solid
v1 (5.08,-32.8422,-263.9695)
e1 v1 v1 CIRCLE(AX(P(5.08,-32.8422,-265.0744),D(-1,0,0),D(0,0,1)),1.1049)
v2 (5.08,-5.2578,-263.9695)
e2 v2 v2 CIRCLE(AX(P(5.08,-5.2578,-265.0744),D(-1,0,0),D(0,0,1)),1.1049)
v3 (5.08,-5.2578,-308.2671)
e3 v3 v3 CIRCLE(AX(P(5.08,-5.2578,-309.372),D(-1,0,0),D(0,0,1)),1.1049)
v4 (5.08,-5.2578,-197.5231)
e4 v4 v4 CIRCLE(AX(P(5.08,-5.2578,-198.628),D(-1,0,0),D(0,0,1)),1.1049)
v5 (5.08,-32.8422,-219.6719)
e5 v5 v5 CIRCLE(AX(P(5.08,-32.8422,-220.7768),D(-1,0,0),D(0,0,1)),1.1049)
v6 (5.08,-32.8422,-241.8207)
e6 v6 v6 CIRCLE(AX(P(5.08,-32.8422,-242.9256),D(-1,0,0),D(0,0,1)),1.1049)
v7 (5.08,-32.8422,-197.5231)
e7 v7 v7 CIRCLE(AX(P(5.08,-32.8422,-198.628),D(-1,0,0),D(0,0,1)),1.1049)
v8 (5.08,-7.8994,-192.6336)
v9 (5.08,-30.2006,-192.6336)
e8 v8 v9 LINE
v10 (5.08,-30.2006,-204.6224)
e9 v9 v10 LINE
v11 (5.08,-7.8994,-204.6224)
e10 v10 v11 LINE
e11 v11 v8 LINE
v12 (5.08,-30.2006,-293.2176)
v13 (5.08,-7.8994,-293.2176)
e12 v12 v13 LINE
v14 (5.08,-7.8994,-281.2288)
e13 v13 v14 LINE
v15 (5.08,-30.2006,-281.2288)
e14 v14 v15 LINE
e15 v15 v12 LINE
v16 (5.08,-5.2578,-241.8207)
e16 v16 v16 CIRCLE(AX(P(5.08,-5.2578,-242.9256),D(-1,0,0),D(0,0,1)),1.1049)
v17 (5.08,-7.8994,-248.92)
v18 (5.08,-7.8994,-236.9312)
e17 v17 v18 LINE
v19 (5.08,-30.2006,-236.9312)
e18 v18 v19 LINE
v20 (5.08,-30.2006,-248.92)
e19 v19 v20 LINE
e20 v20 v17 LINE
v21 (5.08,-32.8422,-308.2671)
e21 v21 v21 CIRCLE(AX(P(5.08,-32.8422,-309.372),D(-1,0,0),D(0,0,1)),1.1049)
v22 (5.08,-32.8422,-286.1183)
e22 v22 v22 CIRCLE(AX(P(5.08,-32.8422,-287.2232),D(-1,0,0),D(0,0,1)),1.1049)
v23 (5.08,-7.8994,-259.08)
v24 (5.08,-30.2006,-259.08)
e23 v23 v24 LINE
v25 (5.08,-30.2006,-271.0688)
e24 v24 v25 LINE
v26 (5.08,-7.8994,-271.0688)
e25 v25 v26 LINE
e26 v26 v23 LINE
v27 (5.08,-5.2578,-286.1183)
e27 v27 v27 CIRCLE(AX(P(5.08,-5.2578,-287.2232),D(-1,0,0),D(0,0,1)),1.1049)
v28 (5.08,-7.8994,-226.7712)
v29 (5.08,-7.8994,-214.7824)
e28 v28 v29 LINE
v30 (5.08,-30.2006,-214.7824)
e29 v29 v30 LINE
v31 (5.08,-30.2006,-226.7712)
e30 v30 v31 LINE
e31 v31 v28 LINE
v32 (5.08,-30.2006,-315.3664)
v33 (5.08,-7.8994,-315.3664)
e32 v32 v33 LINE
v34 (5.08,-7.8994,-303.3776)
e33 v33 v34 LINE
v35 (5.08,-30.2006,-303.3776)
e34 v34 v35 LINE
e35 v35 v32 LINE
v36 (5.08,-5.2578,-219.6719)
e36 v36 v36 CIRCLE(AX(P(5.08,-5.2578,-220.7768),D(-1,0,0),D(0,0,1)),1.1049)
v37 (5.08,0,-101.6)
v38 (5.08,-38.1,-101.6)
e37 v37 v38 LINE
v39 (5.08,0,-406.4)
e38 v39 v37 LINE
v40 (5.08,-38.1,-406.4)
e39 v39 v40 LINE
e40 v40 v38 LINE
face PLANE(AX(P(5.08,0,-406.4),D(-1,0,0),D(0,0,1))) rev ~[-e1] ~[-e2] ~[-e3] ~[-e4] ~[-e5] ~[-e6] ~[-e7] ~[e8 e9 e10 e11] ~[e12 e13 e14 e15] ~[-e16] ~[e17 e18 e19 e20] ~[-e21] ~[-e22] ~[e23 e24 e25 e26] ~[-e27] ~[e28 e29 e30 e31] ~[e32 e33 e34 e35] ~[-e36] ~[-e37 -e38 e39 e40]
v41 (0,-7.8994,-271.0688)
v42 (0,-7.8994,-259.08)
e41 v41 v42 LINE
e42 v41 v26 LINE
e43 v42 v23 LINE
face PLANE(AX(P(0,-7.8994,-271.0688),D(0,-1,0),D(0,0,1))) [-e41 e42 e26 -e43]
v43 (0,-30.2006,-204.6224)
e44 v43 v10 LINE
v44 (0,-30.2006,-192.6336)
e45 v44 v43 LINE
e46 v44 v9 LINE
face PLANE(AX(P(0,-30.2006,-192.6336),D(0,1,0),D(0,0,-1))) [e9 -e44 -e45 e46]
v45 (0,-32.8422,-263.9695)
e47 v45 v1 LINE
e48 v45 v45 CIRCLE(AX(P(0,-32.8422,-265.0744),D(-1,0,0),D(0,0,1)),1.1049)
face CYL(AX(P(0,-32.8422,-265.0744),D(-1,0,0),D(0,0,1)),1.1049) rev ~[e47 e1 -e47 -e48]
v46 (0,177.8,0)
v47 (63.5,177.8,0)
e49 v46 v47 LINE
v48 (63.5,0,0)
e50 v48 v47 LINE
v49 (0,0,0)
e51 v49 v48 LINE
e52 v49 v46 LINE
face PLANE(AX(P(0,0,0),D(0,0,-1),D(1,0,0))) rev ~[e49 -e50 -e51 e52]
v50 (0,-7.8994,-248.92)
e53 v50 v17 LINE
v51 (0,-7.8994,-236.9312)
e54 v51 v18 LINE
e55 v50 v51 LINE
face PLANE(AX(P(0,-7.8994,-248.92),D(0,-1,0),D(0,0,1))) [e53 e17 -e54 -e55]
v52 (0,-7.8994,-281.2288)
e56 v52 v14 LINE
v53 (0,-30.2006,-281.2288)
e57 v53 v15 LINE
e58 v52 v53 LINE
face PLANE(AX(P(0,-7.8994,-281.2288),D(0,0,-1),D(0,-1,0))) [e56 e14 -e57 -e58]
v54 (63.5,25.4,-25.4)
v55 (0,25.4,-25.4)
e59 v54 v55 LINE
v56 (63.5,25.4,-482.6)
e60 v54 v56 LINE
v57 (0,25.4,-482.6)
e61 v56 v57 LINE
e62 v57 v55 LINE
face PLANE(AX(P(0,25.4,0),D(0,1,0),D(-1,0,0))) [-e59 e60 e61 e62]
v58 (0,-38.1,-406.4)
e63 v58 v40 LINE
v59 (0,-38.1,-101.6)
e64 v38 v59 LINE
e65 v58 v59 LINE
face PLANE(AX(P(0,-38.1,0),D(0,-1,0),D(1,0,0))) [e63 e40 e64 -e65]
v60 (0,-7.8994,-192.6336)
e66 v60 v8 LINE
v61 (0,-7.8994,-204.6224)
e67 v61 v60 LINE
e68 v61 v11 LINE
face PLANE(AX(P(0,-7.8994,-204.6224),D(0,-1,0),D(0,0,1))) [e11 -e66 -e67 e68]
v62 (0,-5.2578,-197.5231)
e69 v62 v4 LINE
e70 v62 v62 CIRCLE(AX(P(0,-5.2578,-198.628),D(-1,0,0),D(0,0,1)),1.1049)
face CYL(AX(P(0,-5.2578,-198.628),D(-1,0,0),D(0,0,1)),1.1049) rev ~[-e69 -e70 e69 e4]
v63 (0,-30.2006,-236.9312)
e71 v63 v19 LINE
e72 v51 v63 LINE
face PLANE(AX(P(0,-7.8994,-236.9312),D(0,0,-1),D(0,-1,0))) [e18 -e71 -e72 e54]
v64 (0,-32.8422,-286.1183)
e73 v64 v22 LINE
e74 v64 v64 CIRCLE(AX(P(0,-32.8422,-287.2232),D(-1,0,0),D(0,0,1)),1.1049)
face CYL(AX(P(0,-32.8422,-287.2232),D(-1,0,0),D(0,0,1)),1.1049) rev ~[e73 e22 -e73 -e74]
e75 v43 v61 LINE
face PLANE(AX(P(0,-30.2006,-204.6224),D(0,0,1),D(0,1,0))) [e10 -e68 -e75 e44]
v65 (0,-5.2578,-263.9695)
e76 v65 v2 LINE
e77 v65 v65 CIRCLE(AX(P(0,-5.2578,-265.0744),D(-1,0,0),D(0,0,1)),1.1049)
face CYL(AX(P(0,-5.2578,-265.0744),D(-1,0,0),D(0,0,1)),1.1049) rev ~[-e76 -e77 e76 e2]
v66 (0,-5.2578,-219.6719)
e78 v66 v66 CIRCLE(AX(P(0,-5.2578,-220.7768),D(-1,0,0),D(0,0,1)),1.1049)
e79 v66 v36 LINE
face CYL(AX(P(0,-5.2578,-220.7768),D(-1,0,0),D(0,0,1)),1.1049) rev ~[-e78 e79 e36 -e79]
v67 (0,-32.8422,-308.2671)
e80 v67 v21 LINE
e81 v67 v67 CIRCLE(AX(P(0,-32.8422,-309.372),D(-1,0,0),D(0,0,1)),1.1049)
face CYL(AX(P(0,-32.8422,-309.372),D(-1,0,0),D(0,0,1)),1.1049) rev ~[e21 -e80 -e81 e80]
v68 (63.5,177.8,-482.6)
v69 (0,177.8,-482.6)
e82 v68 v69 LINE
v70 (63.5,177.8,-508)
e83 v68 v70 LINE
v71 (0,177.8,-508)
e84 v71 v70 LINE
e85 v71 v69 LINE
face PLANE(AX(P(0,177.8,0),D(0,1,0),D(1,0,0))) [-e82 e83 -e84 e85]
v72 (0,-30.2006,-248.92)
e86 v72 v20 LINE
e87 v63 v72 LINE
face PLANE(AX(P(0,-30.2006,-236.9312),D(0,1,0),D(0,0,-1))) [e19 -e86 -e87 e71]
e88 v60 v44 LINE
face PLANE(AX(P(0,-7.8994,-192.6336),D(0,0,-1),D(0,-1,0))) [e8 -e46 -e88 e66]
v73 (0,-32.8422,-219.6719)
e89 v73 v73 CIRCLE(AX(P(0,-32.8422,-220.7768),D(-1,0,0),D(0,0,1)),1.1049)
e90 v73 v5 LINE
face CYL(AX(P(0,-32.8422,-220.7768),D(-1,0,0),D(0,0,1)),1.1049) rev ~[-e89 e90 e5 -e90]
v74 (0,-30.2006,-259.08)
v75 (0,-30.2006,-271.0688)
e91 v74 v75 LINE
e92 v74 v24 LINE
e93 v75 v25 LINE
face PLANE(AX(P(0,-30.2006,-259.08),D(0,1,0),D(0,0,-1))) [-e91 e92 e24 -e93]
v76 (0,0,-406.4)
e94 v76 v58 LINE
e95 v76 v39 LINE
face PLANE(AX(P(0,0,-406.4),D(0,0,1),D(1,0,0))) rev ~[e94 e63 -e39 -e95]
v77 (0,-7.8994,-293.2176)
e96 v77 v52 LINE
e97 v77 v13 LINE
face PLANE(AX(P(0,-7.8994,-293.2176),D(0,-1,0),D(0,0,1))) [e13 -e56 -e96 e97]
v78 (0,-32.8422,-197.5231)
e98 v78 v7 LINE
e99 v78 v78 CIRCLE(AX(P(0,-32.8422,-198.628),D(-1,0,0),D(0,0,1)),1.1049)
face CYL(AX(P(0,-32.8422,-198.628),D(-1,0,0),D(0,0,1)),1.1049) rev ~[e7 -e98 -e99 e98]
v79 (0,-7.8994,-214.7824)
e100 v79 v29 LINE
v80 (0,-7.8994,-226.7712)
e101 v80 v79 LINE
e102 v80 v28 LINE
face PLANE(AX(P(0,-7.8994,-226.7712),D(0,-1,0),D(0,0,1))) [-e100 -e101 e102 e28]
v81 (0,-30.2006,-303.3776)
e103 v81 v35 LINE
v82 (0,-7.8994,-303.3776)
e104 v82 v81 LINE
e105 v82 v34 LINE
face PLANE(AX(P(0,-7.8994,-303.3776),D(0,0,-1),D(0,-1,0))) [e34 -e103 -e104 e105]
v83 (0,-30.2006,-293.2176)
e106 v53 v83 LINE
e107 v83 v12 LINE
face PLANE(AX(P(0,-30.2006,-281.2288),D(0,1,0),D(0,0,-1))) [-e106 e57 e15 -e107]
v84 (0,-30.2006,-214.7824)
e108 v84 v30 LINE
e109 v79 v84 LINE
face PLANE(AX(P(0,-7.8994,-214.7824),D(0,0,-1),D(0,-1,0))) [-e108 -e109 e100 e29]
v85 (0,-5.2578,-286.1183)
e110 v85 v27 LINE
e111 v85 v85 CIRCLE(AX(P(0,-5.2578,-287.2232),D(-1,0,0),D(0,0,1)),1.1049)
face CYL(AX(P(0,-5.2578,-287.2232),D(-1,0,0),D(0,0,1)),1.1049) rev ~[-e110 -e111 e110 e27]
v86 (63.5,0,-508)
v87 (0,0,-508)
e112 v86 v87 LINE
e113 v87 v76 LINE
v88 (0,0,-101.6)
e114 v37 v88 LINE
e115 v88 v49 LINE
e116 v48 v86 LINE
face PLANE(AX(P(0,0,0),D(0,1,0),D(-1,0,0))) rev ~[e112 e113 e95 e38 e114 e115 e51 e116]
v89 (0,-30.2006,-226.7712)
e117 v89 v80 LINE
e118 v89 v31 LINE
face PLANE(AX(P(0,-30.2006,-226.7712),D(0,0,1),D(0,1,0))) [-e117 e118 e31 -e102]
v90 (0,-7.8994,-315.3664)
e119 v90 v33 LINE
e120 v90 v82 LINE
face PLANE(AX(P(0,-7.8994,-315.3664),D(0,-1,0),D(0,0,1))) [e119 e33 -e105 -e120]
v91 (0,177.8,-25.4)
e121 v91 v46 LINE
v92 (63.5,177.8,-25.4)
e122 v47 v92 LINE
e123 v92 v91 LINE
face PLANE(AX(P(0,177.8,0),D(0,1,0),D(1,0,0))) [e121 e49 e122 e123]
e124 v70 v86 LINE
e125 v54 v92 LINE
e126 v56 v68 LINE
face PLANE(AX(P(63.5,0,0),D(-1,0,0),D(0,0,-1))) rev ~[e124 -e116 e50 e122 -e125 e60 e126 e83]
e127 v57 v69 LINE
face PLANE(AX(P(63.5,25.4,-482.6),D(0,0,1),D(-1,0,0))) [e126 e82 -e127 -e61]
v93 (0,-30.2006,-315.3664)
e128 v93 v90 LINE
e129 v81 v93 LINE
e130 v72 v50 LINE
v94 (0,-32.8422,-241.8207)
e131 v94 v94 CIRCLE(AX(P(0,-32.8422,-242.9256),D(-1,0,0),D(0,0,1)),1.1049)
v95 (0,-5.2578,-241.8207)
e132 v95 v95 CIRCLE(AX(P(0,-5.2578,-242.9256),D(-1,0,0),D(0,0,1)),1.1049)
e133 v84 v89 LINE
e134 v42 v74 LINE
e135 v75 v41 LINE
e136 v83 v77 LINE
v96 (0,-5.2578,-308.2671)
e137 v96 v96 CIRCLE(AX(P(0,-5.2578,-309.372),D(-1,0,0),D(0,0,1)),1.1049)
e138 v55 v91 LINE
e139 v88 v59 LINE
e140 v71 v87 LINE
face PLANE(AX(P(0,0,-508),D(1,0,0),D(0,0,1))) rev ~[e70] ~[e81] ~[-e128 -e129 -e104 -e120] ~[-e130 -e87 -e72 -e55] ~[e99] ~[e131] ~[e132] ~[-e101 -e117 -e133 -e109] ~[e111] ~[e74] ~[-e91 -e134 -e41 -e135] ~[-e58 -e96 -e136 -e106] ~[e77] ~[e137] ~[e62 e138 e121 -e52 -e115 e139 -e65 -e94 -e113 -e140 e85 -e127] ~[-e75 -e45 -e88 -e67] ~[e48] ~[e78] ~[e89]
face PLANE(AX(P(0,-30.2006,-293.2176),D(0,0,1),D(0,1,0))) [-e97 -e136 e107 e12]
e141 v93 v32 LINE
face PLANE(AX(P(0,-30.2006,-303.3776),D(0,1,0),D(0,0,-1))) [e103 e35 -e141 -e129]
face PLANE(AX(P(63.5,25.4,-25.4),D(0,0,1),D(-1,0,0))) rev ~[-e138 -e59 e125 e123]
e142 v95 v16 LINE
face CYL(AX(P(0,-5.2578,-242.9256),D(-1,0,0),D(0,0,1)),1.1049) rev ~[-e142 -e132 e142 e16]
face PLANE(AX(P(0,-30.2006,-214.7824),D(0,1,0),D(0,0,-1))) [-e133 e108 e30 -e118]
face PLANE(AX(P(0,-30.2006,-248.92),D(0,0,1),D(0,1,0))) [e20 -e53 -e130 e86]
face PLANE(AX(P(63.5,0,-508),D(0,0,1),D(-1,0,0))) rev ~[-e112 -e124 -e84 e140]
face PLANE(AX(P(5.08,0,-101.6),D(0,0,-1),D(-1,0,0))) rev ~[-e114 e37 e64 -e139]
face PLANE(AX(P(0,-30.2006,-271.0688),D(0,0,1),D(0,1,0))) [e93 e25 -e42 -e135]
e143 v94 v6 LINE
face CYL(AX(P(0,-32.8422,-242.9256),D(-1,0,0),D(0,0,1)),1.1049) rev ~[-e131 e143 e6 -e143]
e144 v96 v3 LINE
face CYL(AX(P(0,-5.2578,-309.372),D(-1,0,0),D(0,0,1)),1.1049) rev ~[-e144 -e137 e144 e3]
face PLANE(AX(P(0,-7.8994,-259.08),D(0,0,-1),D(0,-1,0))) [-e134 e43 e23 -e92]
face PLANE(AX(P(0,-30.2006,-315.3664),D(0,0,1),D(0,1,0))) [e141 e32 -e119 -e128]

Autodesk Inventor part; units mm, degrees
ref_plane "YZ Plane" through (0, 0, 0) normal (1, 0, 0) x (0, 1, 0)
ref_plane "XZ Plane" through (0, 0, 0) normal (0, 1, 0) x (-1, 0, 0)
ref_plane "XY Plane" through (0, 0, 0) normal (0, 0, 1) x (1, 0, 0)
sketch "Sketch1" plane through (0, 0, 0) normal (0, 1, 0) x (-1, 0, 0)
  line L0 (0, 0) -> (-63.5, 0)
  line L1 (-63.5, 0) -> (-63.5, -508)
  line L2 (-63.5, -508) -> (0, -508)
  line L3 (0, -508) -> (0, 0)
  dimension "d0" = 63.5
  dimension "d1" = 508
extrude "Extrusion1" add sketch "Sketch1" along normal blind 25.4
sketch "Sketch2" plane through (0, 25.4, 0) normal (0, 1, 0) x (1, 0, 0)
  line L0 (0, 508) -> (0, 0) projected
  line L1 (63.5, 0) -> (63.5, 508) projected
  line L2 (0, 0) -> (63.5, 0)
  line L3 (63.5, 0) -> (63.5, 25.4)
  line L4 (63.5, 25.4) -> (0, 25.4)
  line L5 (0, 25.4) -> (0, 0)
  line L6 (0, 508) -> (63.5, 508)
  line L7 (63.5, 508) -> (63.5, 482.6)
  line L8 (63.5, 482.6) -> (0, 482.6)
  line L9 (0, 482.6) -> (0, 508)
  dimension "d4" = 25.4
  dimension "d5" = 25.4
extrude "Extrusion2" add sketch "Sketch2" along normal blind 152.4 contours L6 L1 L8 L0 | L4 L1 L2 L0
sketch "Sketch3" plane through (0, 0, 0) normal (0, -1, 0) x (1, 0, 0)
  line L0 (0, -482.6) -> (0, -25.4) projected
  line L1 (0, -406.4) -> (5.08, -406.4)
  line L2 (5.08, -406.4) -> (5.08, -101.6)
  line L3 (5.08, -101.6) -> (0, -101.6)
  line L4 (0, -101.6) -> (0, -406.4)
  point P0 (0, 0)
  dimension "d8" = 5.08
  dimension "d9" = 304.8
extrude "Extrusion3" add sketch "Sketch3" along normal blind 38.1
sketch "Sketch4" plane through (0, 0, 0) normal (-1, 0, 0) x (0, 0, 1)
  line L0 (-192.6336, -30.2006) -> (-204.6224, -30.2006)
  line L1 (-204.6224, -30.2006) -> (-204.6224, -7.8994)
  line L2 (-204.6224, -7.8994) -> (-192.6336, -7.8994)
  line L3 (-192.6336, -7.8994) -> (-192.6336, -30.2006)
  line L4 (-214.7824, -30.2006) -> (-226.7712, -30.2006)
  line L5 (-226.7712, -30.2006) -> (-226.7712, -7.8994)
  line L6 (-226.7712, -7.8994) -> (-214.7824, -7.8994)
  line L7 (-214.7824, -7.8994) -> (-214.7824, -30.2006)
  line L8 (-236.9312, -30.2006) -> (-248.92, -30.2006)
  line L9 (-248.92, -30.2006) -> (-248.92, -7.8994)
  line L10 (-248.92, -7.8994) -> (-236.9312, -7.8994)
  line L11 (-236.9312, -7.8994) -> (-236.9312, -30.2006)
  line L12 (-259.08, -30.2006) -> (-271.0688, -30.2006)
  line L13 (-271.0688, -30.2006) -> (-271.0688, -7.8994)
  line L14 (-271.0688, -7.8994) -> (-259.08, -7.8994)
  line L15 (-259.08, -7.8994) -> (-259.08, -30.2006)
  line L16 (-281.2288, -30.2006) -> (-293.2176, -30.2006)
  line L17 (-293.2176, -30.2006) -> (-293.2176, -7.8994)
  line L18 (-293.2176, -7.8994) -> (-281.2288, -7.8994)
  line L19 (-281.2288, -7.8994) -> (-281.2288, -30.2006)
  line L20 (-303.3776, -30.2006) -> (-315.3664, -30.2006)
  line L21 (-315.3664, -30.2006) -> (-315.3664, -7.8994)
  line L22 (-315.3664, -7.8994) -> (-303.3776, -7.8994)
  line L23 (-303.3776, -7.8994) -> (-303.3776, -30.2006)
  line L24 (-406.4, 0) -> (-406.4, -38.1) projected
  circle A0 centre (-198.628, -32.8422) radius 1.1049
  circle A1 centre (-198.628, -5.2578) radius 1.1049
  circle A2 centre (-220.7768, -32.8422) radius 1.1049
  circle A3 centre (-220.7768, -5.2578) radius 1.1049
  circle A4 centre (-242.9256, -32.8422) radius 1.1049
  circle A5 centre (-242.9256, -5.2578) radius 1.1049
  circle A6 centre (-265.0744, -32.8422) radius 1.1049
  circle A7 centre (-265.0744, -5.2578) radius 1.1049
  circle A8 centre (-287.2232, -32.8422) radius 1.1049
  circle A9 centre (-287.2232, -5.2578) radius 1.1049
  circle A10 centre (-309.372, -32.8422) radius 1.1049
  circle A11 centre (-309.372, -5.2578) radius 1.1049
  line L25 (-101.6, 0) -> (-101.6, -38.1) projected
  point P0 (0, 0)
  dimension "d12" = 11.9888
  dimension "d13" = 22.3012
  dimension "d14" = 11.9888
  dimension "d15" = 22.3012
  dimension "d16" = 11.9888
  dimension "d17" = 22.3012
  dimension "d18" = 11.9888
  dimension "d19" = 22.3012
  dimension "d20" = 11.9888
  dimension "d21" = 22.3012
  dimension "d22" = 11.9888
  dimension "d23" = 22.3012
  dimension "d24" = 10.16
  dimension "d25" = 10.16
  dimension "d26" = 10.16
  dimension "d27" = 10.16
  dimension "d28" = 10.16
  dimension "d29" = 91.0336
  dimension "d30" = 2.2098
  dimension "d31" = 2.2098
  dimension "d32" = 2.2098
  dimension "d33" = 2.2098
  dimension "d34" = 2.2098
  dimension "d35" = 2.2098
  dimension "d36" = 2.2098
  dimension "d37" = 2.2098
  dimension "d38" = 2.2098
  dimension "d39" = 2.2098
  dimension "d40" = 2.2098
  dimension "d41" = 2.2098
  dimension "d42" = 22.1488
  dimension "d43" = 97.028
  dimension "d44" = 22.1488
  dimension "d45" = 22.1488
  dimension "d46" = 22.1488
  dimension "d47" = 22.1488
  dimension "d48" = 22.1488
  dimension "d49" = 22.1488
  dimension "d50" = 22.1488
  dimension "d51" = 22.1488
  dimension "d52" = 22.1488
  dimension "d53" = 97.028
extrude "Extrusion4" cut sketch "Sketch4" against normal blind 5.08
properties part number "guitar bridge"
